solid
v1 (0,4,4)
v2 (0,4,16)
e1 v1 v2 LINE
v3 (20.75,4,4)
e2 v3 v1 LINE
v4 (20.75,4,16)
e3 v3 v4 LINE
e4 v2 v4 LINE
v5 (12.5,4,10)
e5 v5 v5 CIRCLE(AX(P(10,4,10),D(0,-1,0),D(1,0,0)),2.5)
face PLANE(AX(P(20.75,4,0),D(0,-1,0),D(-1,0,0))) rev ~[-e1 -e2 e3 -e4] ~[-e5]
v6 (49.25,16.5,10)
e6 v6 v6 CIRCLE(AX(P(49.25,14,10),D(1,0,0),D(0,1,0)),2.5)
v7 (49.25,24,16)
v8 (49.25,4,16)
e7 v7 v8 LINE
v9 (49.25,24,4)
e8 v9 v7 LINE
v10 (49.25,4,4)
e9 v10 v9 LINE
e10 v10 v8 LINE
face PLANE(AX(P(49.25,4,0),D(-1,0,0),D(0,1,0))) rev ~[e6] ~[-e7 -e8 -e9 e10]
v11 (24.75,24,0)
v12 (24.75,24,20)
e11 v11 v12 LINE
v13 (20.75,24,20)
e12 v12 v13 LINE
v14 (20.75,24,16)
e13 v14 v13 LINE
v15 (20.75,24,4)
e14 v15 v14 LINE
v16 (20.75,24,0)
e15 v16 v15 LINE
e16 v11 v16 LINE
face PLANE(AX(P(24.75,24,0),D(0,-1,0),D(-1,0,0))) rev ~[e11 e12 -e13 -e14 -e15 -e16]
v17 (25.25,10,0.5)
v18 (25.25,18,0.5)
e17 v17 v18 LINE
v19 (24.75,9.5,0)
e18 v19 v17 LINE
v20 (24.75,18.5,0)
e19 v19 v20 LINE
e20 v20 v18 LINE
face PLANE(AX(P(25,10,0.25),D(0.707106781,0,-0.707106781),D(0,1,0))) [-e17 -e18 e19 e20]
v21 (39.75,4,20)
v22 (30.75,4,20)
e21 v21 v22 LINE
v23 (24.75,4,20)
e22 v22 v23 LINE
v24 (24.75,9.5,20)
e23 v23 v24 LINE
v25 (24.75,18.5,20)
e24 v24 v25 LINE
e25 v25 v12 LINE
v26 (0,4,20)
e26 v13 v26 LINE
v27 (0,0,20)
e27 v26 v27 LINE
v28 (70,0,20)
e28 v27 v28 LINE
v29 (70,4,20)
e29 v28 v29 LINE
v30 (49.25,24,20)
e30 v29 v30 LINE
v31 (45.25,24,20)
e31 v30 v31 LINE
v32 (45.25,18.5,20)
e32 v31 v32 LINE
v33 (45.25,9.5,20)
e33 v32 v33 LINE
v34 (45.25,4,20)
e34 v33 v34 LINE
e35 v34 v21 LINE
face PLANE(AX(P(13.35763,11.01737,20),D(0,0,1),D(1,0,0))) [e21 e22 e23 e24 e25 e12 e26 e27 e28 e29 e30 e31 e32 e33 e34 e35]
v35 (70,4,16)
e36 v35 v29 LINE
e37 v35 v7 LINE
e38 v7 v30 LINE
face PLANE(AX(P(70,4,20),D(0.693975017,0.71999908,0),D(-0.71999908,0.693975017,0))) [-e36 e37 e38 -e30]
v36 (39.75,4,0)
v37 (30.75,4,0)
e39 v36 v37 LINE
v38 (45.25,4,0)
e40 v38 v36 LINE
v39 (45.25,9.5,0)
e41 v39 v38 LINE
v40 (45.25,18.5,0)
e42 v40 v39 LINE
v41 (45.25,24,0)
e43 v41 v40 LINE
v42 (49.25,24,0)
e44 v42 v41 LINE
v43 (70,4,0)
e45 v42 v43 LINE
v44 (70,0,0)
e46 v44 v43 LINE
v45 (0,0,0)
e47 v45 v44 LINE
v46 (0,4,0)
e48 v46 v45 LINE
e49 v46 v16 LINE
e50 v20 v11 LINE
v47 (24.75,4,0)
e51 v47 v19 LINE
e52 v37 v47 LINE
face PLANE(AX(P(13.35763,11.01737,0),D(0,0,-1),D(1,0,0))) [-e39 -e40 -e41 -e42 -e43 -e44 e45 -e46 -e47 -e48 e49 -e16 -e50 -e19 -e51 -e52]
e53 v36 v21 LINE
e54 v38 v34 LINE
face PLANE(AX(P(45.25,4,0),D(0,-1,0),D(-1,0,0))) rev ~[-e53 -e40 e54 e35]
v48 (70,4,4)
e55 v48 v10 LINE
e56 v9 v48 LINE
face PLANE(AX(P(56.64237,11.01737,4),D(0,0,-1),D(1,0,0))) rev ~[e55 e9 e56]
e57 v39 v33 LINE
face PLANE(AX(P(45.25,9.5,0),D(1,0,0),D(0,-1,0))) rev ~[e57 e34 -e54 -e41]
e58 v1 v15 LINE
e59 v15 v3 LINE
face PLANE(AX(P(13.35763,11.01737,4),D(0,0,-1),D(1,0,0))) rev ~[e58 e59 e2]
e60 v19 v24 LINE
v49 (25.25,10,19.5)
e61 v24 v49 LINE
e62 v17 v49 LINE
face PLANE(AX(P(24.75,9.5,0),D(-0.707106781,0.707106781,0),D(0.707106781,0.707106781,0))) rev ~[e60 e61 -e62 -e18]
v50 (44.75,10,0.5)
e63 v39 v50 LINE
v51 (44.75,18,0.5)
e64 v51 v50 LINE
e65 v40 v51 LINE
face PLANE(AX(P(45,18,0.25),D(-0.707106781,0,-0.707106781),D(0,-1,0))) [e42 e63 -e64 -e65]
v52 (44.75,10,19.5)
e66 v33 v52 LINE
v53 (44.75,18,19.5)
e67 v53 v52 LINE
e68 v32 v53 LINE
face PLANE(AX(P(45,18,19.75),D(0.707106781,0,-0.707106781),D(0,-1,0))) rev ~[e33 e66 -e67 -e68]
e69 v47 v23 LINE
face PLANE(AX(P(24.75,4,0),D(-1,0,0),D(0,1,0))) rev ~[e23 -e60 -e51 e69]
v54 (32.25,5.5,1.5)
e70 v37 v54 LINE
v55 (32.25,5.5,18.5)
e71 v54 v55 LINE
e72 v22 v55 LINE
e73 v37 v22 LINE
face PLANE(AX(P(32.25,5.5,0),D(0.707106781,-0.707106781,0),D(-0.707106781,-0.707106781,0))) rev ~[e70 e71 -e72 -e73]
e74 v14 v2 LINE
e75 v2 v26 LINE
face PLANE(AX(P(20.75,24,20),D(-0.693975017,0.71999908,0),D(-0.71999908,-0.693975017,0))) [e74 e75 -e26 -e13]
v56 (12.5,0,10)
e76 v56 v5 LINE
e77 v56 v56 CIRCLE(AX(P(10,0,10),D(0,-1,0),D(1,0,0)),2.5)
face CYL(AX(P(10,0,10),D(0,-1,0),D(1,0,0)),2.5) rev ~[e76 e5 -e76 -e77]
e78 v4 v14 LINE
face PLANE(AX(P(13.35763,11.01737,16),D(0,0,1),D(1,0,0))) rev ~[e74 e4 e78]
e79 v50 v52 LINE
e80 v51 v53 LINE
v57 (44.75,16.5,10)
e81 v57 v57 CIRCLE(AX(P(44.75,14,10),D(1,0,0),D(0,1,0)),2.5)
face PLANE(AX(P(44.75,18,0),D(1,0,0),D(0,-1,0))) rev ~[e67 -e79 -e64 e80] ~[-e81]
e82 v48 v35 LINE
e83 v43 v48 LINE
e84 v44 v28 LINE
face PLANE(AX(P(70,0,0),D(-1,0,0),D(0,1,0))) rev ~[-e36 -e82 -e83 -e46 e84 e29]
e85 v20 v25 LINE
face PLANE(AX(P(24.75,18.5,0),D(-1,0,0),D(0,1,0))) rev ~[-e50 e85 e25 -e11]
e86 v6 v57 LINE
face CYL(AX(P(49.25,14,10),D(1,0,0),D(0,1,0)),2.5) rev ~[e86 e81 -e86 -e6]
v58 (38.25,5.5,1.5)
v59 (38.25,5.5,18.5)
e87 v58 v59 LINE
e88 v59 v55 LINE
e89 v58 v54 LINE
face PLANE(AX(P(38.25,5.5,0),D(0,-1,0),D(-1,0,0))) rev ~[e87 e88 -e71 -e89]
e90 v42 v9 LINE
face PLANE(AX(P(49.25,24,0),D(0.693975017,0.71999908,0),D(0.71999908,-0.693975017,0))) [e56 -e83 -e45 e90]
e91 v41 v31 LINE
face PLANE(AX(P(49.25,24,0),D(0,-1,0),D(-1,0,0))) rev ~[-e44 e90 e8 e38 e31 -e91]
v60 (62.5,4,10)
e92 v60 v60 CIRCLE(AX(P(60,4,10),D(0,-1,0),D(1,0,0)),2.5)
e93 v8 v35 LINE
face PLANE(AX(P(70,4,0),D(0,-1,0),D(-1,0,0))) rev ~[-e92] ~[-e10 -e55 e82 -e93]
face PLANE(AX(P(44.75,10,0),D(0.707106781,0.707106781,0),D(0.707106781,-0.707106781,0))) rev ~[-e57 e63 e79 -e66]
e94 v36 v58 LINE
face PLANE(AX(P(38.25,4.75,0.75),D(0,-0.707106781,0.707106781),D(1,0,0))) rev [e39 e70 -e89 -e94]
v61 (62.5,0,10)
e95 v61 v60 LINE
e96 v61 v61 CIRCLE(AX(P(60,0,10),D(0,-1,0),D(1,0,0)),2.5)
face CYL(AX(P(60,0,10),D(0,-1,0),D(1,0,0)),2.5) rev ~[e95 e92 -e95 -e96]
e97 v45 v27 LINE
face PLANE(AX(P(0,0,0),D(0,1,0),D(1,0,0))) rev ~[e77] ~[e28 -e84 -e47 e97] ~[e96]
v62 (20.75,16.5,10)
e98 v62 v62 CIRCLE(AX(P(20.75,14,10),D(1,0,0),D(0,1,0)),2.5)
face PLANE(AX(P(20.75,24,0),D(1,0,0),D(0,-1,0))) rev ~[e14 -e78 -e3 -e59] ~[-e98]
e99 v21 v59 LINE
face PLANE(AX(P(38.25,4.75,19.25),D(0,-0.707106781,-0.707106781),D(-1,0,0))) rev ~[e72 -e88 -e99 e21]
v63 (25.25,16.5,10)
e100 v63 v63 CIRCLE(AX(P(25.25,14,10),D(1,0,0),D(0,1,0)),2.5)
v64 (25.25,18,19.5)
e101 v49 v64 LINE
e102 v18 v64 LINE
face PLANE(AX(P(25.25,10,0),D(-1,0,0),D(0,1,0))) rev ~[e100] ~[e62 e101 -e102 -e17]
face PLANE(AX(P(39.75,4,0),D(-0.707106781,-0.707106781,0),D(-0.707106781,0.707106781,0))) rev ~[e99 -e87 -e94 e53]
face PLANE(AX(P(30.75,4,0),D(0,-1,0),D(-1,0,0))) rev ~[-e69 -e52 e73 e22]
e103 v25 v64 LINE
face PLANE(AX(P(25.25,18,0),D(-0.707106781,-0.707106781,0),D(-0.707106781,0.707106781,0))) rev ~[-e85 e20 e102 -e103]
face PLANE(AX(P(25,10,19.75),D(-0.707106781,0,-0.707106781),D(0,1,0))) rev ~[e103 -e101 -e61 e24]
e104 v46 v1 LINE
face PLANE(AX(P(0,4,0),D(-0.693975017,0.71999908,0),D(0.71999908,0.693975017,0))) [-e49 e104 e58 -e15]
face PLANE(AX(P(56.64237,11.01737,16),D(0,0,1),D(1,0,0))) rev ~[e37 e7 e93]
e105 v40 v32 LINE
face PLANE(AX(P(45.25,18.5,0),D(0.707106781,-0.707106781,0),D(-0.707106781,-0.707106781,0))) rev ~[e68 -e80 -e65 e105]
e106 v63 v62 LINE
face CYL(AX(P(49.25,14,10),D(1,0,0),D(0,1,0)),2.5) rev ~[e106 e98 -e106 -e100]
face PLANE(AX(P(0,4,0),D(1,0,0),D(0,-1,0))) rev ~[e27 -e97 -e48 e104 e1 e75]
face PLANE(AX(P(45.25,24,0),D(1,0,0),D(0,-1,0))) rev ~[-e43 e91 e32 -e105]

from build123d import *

# Parameters (mm, degrees)
F1_DEPTH  = 20
F2_R      = 2.5
F3_DEPTH  = 24.001
F4_SIZE   = 0.5
F5_R      = 2.5
F6_DEPTH  = 28.5
F8_DEPTH  = 4
F10_DEPTH = 4
F11_SIZE  = 1.5


with BuildPart() as f1:
    # F0 (on Top) → F1 (new body)
    with BuildSketch(Plane.XY):
        Polygon((0, 4), (0, 0), (70, 0), (70, 4), (49.25, 4), (49.25, 24), (45.25, 24), (45.25, 18.5), (44.75, 18), (44.75, 10), (45.25, 9.5), (45.25, 4), (39.75, 4), (38.25, 5.5), (32.25, 5.5), (30.75, 4), (24.75, 4), (24.75, 9.5), (25.25, 10), (25.25, 18), (24.75, 18.5), (24.75, 24), (20.75, 24), (20.75, 4), align=None)
    extrude(amount=F1_DEPTH)

    # F2 (on face) → F3 (cut, through all)
    with BuildSketch(Plane.XZ):
        with Locations((10, 10)):
            Circle(F2_R)
        with Locations((60, 10)):
            Circle(F2_R)
    extrude(amount=-F3_DEPTH, mode=Mode.SUBTRACT)

    # F4
    f4_edges = [f1.edges().sort_by_distance(p)[0] for p in [
        (25.25, 14, 20),
        (25.25, 14, 0),
        (44.75, 14, 20),
        (44.75, 14, 0),
    ]]
    chamfer(f4_edges, length=F4_SIZE)

    # F5 (on face) → F6 (cut, through all)
    with BuildSketch(Plane.YZ.offset(49.25)):
        with Locations((14, 10)):
            Circle(F5_R)
    extrude(amount=-F6_DEPTH, mode=Mode.SUBTRACT)

    # F7 (on face) → F8 (join)
    with BuildSketch(Plane.XY.offset(20)):
        Polygon((20.75, 4), (20.75, 24), (0, 4), align=None)
        Polygon((70, 4), (49.25, 24), (49.25, 4), align=None)
    extrude(amount=-F8_DEPTH)

    # F9 (on face) → F10 (join)
    with BuildSketch(Plane(origin=(0, 0, 0), x_dir=(1, 0, 0), z_dir=(0, 0, -1))):
        Polygon((0, -4), (20.75, -24), (20.75, -4), align=None)
        Polygon((49.25, -24), (70, -4), (49.25, -4), align=None)
    extrude(amount=-F10_DEPTH)

    # F11
    f11_edges = [f1.edges().sort_by_distance(p)[0] for p in [
        (35.25, 5.5, 20),
        (35.25, 5.5, 0),
    ]]
    chamfer(f11_edges, length=F11_SIZE)


solid = f1.part
